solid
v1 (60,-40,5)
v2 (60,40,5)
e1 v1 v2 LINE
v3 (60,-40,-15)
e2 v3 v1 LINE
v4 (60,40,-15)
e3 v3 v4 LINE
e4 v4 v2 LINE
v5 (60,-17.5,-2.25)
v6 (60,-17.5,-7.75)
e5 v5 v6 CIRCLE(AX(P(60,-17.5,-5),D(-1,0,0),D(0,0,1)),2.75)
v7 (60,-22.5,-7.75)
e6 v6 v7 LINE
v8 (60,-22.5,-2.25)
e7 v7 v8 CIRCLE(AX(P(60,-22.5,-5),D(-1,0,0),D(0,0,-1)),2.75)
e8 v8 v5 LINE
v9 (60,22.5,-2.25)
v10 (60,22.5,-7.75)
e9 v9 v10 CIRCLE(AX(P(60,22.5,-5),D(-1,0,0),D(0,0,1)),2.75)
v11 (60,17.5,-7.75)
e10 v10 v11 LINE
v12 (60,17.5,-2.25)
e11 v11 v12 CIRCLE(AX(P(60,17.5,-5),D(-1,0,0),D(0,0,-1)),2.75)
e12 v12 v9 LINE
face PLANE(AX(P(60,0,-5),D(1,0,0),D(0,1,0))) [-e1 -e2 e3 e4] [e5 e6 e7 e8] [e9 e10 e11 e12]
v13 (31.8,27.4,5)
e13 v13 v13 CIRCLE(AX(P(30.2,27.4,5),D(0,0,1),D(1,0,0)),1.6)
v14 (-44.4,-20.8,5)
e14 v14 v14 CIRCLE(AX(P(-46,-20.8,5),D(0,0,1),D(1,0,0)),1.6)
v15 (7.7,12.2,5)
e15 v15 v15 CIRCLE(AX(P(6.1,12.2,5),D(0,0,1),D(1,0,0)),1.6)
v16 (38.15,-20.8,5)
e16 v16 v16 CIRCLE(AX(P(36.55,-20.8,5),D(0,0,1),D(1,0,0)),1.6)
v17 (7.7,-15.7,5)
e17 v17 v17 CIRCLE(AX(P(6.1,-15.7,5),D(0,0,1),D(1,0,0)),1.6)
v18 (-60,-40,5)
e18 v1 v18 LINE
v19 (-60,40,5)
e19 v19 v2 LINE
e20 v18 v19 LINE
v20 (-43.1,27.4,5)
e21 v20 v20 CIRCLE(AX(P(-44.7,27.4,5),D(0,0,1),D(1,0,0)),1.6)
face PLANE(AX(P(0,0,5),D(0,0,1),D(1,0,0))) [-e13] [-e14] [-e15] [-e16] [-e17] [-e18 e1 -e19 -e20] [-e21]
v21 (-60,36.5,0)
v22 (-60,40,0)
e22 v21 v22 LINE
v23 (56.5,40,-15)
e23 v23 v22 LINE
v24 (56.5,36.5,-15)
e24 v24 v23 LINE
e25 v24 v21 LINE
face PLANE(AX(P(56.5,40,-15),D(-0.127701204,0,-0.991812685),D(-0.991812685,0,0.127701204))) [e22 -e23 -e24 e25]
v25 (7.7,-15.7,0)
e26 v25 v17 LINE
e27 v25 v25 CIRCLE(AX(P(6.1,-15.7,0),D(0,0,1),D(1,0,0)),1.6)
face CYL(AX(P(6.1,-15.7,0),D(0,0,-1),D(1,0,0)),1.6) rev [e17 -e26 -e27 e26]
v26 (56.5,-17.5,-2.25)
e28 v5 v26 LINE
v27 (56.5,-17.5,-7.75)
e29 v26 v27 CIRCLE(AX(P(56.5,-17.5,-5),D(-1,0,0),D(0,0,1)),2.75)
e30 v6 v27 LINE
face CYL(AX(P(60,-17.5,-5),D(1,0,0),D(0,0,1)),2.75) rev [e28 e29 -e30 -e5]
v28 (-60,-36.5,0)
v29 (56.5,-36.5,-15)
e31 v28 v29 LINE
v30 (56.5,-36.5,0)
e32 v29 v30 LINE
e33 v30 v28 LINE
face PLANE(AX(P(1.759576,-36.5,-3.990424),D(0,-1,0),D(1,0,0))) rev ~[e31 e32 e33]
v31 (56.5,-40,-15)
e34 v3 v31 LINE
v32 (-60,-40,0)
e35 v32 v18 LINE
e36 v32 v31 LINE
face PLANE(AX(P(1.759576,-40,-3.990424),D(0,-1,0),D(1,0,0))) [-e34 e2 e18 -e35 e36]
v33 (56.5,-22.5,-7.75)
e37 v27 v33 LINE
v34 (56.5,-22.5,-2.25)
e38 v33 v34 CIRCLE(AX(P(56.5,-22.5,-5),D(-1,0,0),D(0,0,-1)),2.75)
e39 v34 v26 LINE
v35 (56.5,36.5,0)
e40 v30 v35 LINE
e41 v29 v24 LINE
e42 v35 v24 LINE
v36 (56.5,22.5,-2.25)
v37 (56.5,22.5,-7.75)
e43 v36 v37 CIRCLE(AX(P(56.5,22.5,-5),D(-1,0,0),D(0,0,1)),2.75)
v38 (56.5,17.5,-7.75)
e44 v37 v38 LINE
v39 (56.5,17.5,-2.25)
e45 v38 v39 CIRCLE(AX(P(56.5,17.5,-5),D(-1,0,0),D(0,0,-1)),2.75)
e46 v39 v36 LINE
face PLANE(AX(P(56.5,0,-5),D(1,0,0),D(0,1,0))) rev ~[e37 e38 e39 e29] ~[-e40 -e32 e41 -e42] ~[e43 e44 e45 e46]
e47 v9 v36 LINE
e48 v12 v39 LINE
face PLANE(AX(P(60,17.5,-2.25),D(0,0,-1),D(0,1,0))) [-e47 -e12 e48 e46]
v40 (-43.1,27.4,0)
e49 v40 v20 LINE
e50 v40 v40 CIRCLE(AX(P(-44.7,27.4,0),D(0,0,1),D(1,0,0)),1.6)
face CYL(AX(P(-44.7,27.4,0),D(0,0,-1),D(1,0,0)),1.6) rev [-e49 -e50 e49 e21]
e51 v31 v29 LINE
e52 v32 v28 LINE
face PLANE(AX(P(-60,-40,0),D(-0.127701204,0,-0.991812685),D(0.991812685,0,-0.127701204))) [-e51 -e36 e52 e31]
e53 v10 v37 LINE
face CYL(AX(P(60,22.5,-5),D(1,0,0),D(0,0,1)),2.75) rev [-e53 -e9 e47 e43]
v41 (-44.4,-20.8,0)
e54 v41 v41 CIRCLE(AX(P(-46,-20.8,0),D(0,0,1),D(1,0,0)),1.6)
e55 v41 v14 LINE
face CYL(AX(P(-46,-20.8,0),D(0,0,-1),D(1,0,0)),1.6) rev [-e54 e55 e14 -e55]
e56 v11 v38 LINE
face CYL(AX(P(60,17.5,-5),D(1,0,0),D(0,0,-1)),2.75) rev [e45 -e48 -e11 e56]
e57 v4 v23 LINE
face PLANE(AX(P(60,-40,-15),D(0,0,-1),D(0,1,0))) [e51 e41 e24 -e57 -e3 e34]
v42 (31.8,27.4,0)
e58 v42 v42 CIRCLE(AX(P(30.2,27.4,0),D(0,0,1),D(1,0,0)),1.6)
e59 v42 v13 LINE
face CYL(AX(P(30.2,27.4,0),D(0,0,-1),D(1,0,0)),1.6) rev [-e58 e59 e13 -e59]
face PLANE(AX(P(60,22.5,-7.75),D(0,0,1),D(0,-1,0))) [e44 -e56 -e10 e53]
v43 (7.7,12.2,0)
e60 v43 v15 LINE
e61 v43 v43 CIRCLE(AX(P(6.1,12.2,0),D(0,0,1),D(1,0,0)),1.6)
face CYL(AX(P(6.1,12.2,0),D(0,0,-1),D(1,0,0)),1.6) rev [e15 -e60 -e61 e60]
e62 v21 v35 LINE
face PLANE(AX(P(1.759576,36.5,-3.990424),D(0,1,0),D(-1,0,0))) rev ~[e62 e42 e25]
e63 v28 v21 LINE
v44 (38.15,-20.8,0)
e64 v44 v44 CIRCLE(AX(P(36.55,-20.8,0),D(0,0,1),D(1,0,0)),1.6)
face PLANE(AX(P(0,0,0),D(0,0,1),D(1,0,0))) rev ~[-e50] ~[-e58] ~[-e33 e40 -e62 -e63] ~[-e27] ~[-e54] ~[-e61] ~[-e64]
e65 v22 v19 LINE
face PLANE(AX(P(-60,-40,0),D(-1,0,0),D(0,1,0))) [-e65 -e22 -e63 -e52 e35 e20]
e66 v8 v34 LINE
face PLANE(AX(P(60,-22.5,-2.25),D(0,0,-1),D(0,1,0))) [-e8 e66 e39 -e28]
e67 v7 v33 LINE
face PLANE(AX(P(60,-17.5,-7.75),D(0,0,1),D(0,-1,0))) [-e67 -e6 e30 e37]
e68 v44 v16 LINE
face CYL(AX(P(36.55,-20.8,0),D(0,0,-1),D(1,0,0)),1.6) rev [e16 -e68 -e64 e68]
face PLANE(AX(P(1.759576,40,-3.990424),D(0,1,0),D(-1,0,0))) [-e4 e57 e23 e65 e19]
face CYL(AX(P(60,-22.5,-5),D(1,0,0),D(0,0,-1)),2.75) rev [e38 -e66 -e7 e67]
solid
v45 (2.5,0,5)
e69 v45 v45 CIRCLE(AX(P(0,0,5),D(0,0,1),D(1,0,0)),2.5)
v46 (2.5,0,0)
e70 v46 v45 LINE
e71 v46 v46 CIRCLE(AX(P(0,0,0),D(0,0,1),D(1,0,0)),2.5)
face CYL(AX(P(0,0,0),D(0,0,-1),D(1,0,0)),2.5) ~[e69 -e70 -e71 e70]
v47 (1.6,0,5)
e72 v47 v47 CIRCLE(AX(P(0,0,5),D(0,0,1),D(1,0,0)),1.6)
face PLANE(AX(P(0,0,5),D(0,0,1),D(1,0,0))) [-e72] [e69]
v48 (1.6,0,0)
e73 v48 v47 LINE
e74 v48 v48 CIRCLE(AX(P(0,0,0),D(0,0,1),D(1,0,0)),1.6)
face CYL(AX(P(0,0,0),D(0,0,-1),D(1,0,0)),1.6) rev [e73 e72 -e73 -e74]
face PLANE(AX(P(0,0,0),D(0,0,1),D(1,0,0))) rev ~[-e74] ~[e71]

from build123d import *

# Parameters (mm, degrees)
F0_W     = 120
F0_H     = 80
F0_R     = 1.6
F1_DEPTH = 5
F2_W     = 80
F2_H     = 20
F3_DEPTH = 3.5
F5_DEPTH = 3.5
F7_DEPTH = 3.5
F8_R     = 2.5
F8_R_2   = 1.6
F9_DEPTH = 5


with BuildPart() as f1:
    # F0 (on Top) → F1 (new body)
    with BuildSketch(Plane.XY):
        Rectangle(F0_W, F0_H)
        with Locations((-46, -20.8)):
            Circle(F0_R, mode=Mode.SUBTRACT)
        with Locations((36.55, -20.8)):
            Circle(F0_R, mode=Mode.SUBTRACT)
        with Locations((6.1, -15.7)):
            Circle(F0_R, mode=Mode.SUBTRACT)
        with Locations((-44.7, 27.4)):
            Circle(F0_R, mode=Mode.SUBTRACT)
        with Locations((6.1, 12.2)):
            Circle(F0_R, mode=Mode.SUBTRACT)
        with Locations((30.2, 27.4)):
            Circle(F0_R, mode=Mode.SUBTRACT)
    extrude(amount=F1_DEPTH)

    # F2 (on face) → F3 (join)
    with BuildSketch(Plane.YZ.offset(60)):
        with Locations((0, -5)):
            Rectangle(F2_W, F2_H)
        with BuildLine():
            ThreePointArc((-17.5, -2.25), (-14.75, -5), (-17.5, -7.75))
            Line((-17.5, -7.75), (-22.5, -7.75))
            ThreePointArc((-22.5, -7.75), (-25.25, -5), (-22.5, -2.25))
            Line((-22.5, -2.25), (-17.5, -2.25))
        make_face(mode=Mode.SUBTRACT)
        with BuildLine():
            ThreePointArc((22.5, -2.25), (25.25, -5), (22.5, -7.75))
            Line((22.5, -7.75), (17.5, -7.75))
            ThreePointArc((17.5, -7.75), (14.75, -5), (17.5, -2.25))
            Line((17.5, -2.25), (22.5, -2.25))
        make_face(mode=Mode.SUBTRACT)
    extrude(amount=-F3_DEPTH)

    # F4 (on face) → F5 (join)
    with BuildSketch(Plane.XZ.offset(40)):
        Polygon((-60, 0), (56.5, -15), (56.5, 0), align=None)
    extrude(amount=-F5_DEPTH)

    # F6 (on face) → F7 (join)
    with BuildSketch(Plane(origin=(0, 40, 0), x_dir=(-1, 0, 0), z_dir=(0, 1, 0))):
        Polygon((-56.5, 0), (-56.5, -15), (60, 0), align=None)
    extrude(amount=-F7_DEPTH)


with BuildPart() as f9:
    # F8 (on Top) → F9 (new body)
    with BuildSketch(Plane.XY):
        Circle(F8_R)
        Circle(F8_R_2, mode=Mode.SUBTRACT)
    extrude(amount=F9_DEPTH)


solid = Compound([f1.part, f9.part])
